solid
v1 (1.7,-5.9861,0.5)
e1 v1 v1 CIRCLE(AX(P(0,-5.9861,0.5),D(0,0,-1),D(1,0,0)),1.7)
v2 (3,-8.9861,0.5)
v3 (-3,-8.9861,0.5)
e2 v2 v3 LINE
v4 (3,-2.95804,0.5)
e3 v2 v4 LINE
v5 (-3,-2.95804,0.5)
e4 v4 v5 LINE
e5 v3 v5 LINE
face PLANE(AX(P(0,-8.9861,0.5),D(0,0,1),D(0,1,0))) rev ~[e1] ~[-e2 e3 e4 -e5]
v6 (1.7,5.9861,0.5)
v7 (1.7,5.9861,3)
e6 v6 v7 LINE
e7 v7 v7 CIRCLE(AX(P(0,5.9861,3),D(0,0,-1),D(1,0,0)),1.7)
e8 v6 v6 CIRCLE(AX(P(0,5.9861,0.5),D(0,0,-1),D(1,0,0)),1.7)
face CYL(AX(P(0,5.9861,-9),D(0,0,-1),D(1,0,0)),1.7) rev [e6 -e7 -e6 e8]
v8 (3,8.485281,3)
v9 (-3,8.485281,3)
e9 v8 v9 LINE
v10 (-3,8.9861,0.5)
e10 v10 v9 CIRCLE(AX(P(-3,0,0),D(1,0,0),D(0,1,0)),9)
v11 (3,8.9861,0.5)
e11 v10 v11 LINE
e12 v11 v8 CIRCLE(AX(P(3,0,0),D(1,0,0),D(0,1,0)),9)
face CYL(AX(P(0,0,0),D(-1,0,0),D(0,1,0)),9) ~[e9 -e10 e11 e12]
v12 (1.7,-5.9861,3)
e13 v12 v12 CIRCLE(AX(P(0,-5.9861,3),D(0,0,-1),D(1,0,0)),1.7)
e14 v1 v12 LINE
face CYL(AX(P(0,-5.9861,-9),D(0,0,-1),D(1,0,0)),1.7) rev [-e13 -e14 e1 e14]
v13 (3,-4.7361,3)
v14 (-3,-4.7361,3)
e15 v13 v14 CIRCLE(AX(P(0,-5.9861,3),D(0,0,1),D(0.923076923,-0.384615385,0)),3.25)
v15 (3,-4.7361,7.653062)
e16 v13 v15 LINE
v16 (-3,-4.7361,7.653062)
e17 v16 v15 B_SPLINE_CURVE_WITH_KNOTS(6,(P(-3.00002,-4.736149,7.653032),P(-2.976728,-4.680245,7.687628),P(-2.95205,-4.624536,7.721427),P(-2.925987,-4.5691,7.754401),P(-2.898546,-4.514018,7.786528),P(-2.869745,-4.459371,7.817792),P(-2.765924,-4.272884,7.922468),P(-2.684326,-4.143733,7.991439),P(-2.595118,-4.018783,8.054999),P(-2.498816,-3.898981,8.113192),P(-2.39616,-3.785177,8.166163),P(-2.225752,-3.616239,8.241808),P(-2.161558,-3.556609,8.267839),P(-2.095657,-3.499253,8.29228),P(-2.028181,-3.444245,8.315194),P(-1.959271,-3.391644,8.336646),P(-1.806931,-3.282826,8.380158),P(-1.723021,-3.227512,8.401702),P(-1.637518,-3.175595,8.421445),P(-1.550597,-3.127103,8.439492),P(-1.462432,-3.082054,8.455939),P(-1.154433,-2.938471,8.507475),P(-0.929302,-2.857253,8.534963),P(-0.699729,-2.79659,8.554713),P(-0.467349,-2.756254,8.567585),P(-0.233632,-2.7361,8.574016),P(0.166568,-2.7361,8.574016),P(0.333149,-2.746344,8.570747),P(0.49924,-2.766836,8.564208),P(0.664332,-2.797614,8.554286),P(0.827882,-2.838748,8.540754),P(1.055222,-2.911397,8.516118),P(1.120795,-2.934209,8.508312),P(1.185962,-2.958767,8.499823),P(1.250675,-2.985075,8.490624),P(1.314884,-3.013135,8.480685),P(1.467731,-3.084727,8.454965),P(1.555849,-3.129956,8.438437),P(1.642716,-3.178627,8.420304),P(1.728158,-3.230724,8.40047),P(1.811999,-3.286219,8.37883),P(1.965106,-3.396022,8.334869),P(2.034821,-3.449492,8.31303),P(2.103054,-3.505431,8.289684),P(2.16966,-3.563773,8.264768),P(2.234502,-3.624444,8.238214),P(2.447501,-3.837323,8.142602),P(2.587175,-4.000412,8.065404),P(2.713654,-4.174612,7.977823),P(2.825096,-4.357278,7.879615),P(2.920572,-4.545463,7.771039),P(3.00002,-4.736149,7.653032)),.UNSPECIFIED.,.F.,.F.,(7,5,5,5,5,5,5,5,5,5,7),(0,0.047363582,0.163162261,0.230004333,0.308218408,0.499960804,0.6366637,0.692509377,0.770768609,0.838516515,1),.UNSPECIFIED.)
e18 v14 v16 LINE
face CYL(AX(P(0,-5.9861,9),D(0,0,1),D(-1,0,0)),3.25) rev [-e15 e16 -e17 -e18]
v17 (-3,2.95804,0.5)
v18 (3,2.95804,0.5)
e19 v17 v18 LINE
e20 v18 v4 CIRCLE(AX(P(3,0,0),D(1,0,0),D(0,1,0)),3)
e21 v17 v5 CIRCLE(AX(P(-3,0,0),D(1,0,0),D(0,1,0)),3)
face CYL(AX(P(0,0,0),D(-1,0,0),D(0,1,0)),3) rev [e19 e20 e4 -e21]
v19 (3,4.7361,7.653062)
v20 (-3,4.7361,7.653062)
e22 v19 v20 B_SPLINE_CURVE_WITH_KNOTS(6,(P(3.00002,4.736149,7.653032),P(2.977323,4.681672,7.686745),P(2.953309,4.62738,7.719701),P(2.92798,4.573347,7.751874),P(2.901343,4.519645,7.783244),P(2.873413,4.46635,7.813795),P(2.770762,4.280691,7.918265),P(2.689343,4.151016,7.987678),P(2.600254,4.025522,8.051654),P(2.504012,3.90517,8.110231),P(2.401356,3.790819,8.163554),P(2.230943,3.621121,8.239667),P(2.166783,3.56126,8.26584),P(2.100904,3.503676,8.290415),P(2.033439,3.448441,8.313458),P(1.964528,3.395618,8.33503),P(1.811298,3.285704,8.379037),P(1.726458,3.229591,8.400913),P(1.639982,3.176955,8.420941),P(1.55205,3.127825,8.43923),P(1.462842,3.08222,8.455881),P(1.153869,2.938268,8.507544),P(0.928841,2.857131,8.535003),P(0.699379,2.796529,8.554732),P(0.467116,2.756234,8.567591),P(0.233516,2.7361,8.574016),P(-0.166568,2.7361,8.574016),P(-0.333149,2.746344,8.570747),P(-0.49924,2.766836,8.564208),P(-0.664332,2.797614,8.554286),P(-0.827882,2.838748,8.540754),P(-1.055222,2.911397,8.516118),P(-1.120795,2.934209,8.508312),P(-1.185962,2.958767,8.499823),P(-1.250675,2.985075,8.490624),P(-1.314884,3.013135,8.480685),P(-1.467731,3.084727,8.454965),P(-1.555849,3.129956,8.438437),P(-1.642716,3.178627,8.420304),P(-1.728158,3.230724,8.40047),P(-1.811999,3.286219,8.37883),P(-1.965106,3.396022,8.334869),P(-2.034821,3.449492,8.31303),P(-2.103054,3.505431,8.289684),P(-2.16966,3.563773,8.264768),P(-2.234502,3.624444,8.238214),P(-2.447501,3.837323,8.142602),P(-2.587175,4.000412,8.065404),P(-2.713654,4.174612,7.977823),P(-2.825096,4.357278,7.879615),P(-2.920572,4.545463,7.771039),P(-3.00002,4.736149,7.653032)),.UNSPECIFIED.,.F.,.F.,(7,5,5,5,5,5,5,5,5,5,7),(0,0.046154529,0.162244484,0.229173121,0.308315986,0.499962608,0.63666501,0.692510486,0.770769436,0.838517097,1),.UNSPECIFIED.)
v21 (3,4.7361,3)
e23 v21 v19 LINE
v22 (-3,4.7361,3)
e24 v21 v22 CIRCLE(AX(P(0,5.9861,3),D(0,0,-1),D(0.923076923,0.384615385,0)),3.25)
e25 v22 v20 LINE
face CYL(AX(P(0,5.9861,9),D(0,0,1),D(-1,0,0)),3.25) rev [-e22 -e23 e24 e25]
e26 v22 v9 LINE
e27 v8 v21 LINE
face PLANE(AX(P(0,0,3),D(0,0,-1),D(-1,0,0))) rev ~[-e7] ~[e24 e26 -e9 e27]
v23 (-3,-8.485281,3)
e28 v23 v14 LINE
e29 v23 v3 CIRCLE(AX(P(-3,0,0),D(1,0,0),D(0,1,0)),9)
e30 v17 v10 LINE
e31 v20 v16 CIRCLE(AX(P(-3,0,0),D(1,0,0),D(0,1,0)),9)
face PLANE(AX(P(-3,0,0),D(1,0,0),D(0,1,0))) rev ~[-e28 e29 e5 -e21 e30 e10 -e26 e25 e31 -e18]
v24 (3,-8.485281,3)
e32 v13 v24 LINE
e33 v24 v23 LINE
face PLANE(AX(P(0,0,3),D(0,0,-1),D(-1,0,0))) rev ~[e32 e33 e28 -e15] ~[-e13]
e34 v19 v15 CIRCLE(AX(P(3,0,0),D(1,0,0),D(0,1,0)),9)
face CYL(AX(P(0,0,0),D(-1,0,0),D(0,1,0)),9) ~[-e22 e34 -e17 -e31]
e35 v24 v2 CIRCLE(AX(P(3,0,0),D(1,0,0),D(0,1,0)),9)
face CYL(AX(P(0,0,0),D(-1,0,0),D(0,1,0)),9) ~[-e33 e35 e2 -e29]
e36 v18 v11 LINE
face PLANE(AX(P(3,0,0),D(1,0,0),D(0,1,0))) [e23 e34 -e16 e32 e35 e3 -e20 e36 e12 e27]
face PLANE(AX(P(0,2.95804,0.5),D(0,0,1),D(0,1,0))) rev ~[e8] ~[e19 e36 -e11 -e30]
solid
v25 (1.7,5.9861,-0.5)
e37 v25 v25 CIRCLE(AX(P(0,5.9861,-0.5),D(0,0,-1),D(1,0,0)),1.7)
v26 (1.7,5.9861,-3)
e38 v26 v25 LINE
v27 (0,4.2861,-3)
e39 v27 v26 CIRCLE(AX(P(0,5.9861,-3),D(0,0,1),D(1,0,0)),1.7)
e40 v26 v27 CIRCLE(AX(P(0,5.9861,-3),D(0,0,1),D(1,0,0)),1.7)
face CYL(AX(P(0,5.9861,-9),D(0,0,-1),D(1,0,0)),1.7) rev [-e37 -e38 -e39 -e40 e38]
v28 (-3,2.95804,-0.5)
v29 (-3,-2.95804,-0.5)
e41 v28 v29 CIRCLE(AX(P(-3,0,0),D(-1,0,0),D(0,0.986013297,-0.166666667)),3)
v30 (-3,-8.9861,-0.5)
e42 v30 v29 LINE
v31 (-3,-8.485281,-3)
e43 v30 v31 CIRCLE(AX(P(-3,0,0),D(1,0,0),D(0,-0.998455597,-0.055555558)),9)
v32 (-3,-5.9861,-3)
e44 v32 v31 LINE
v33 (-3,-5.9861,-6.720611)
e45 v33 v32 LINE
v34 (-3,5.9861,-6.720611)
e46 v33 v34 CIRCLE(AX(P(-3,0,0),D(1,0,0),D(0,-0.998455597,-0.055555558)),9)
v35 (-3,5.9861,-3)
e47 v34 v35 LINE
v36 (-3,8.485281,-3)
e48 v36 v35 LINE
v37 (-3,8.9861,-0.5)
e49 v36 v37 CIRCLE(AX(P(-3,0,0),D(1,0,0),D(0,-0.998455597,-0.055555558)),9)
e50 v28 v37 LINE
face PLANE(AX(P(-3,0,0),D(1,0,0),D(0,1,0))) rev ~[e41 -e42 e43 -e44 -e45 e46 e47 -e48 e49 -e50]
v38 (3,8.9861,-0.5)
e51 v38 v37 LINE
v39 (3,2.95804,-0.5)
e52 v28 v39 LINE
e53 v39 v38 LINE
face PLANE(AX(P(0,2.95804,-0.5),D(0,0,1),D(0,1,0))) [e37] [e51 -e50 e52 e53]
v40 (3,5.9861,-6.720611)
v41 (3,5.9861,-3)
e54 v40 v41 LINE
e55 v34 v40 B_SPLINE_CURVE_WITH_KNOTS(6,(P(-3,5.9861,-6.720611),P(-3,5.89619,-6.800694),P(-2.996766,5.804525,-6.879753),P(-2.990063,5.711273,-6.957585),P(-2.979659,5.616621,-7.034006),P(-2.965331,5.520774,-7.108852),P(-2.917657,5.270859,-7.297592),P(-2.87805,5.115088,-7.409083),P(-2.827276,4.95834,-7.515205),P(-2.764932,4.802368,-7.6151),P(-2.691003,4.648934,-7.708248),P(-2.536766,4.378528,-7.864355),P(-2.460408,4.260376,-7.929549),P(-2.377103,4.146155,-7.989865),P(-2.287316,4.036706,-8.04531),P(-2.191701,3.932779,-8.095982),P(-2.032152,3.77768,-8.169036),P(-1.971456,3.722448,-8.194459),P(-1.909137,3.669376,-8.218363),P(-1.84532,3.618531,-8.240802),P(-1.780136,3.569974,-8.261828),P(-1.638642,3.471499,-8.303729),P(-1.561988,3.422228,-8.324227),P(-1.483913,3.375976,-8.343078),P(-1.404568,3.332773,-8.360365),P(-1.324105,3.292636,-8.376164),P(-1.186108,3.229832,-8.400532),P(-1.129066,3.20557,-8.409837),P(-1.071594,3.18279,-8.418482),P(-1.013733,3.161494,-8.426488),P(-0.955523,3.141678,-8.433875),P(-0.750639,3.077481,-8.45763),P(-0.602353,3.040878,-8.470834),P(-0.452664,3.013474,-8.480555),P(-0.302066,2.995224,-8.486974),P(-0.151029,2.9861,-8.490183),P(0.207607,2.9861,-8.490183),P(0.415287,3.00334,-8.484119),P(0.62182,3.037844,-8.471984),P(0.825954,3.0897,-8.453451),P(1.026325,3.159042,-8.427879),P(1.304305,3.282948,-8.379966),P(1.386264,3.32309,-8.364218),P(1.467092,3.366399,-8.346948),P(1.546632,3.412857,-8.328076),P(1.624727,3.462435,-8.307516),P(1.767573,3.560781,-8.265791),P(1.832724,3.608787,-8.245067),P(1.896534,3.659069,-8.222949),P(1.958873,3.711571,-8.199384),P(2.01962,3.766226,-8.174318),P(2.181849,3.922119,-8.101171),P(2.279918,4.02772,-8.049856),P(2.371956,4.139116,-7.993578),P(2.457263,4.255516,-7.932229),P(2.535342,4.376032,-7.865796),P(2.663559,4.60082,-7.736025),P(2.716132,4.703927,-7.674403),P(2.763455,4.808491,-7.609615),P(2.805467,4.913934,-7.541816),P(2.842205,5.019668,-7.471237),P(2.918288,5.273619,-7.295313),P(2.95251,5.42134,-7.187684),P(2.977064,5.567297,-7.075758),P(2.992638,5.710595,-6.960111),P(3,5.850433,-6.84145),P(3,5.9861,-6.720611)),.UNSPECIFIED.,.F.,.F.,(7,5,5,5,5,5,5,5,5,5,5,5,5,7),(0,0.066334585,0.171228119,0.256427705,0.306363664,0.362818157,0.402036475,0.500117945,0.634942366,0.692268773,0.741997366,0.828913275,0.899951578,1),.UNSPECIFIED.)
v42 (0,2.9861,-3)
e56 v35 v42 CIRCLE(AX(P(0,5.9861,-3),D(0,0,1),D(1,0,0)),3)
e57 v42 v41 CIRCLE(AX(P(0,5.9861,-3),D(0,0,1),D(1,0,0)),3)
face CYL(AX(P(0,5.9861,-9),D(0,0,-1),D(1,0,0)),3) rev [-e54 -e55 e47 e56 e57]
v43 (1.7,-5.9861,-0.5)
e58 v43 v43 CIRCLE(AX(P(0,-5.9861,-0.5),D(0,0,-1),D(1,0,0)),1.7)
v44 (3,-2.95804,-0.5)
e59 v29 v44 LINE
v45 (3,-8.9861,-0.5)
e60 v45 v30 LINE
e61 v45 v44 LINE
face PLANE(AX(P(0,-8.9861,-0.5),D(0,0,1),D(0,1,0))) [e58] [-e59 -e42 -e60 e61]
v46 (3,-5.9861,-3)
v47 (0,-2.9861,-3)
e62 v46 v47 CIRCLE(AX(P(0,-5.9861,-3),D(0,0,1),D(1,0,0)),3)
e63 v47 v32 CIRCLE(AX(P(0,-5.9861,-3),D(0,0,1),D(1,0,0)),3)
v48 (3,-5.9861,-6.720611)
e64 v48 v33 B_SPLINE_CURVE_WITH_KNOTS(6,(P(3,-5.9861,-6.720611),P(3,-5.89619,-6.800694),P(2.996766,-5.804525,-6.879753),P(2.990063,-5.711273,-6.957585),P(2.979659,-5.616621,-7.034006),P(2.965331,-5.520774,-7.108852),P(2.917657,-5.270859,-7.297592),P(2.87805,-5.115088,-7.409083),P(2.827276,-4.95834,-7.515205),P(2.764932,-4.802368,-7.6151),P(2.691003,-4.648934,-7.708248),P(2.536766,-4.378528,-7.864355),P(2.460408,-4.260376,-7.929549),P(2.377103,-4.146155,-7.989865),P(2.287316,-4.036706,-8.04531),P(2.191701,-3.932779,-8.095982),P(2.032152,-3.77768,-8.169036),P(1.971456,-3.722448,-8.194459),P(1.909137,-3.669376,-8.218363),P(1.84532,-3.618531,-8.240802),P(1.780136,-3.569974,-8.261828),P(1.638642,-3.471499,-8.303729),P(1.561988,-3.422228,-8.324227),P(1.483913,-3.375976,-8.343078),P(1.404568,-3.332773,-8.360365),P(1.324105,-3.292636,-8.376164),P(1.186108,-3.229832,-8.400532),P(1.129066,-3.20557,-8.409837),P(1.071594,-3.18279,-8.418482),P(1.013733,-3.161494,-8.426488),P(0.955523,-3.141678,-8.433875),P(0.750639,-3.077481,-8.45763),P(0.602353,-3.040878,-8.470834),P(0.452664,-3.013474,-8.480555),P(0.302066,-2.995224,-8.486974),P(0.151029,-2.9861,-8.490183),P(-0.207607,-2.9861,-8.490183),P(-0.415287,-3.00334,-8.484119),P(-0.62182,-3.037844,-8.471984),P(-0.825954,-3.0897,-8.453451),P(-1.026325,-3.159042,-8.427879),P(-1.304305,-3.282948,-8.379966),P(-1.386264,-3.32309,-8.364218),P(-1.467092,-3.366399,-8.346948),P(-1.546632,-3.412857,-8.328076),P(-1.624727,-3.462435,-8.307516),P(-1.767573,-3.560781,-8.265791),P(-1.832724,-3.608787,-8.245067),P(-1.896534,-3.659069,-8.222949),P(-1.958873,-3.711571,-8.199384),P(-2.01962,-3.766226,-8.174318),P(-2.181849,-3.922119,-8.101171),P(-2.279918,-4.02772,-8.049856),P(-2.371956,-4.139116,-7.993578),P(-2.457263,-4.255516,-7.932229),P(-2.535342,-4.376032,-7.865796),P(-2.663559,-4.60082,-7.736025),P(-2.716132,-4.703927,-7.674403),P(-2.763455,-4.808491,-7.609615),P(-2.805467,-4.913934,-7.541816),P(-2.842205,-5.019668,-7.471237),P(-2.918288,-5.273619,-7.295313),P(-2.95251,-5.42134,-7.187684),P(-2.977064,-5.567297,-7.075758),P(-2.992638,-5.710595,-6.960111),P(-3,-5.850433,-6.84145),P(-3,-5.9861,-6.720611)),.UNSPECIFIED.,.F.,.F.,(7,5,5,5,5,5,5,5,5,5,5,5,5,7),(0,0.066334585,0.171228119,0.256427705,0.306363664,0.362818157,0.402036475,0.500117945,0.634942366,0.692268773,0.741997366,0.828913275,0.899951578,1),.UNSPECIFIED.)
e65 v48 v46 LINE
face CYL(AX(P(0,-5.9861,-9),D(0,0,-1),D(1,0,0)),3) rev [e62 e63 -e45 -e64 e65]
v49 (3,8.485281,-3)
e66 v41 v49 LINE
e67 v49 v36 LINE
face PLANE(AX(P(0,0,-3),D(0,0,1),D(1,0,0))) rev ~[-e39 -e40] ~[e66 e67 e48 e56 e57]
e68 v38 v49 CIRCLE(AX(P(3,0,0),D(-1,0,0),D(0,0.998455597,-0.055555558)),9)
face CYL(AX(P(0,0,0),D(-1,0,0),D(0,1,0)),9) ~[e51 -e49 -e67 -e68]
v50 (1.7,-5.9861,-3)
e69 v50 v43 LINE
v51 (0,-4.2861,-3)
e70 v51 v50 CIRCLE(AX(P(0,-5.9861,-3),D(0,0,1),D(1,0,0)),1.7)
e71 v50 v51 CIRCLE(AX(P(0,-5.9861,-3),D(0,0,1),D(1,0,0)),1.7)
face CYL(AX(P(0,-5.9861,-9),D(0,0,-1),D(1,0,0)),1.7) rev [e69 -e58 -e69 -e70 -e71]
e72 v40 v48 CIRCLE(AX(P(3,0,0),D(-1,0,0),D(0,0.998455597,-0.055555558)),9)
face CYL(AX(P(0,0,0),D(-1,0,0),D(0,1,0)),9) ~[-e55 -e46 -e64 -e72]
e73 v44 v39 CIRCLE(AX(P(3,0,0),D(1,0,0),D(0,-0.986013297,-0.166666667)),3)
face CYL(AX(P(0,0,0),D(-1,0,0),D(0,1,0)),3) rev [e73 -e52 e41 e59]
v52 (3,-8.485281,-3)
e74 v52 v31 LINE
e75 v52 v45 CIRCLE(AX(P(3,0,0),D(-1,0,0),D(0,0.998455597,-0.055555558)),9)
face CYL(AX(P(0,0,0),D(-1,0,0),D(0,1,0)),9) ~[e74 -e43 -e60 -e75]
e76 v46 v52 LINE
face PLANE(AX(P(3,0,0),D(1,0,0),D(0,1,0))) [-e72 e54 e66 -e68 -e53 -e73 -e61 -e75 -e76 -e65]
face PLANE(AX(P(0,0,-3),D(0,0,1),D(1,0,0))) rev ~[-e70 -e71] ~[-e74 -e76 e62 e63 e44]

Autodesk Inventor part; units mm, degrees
ref_plane "YZ Plane" through (0, 0, 0) normal (1, 0, 0) x (0, 1, 0)
sketch "スケッチ1" plane through (0, 0, 0) normal (1, 0, 0) x (0, 1, 0)
  circle A0 centre (0, 0) radius 3
  circle A1 centre (0, 0) radius 9
  line L0 (-8.9861, 0.5) -> (8.9861, 0.5)
  line L1 (0, 0) -> (9, 0)
  line L2 (-8.9861, -0.5) -> (8.9861, -0.5)
  line L3 (0, 0) -> (0, -9)
  line L4 (8.4853, -3) -> (-8.4853, -3)
  point P0 (-2.958, 0.5)
  point P1 (2.958, 0.5)
  point P2 (-2.958, -0.5)
  point P3 (2.958, -0.5)
  dimension "d0" = 6
  dimension "d1" = 18
  dimension "d2" = 0.5
  dimension "d9" = 2.5
extrude "押し出し1" add sketch "スケッチ1" along normal mid plane 6 contours A0 L0 A1 | L2 A1 L4 A0 | L4 A1 L2 A0 | L4 A1 L3 | L3 A1 L4
ref_plane "作業平面1" through (0, 0, -9) normal (0, 0, 1) x (1, 0, 0)
sketch "スケッチ2" plane through (0, 0, -9) normal (0, 0, 1) x (1, 0, 0)
  line L0 (-3, 8.9861) -> (3, 8.9861) projected
  line L1 (0, 0) -> (-3, 0)
  line L2 (-3, 8.9861) -> (-3, -8.9861) projected
  circle A0 centre (0, 5.9861) radius 1.7
  circle A1 centre (0, -5.9861) radius 1.7
  circle A2 centre (0, 5.9861) radius 3
  circle A3 centre (0, -5.9861) radius 3
  line L3 (3, -2.958) -> (3, -8.9861) projected
  line L4 (3, -5.9861) -> (3, -8.9861)
  line L5 (3, -8.9861) -> (0, -8.9861)
  line L6 (-3, -8.9861) -> (3, -8.9861) projected
  line L7 (0, -5.9861) -> (0, 5.9861)
  line L8 (-3, -2.958) -> (-3, -8.9861)
  line L9 (-3, -8.9861) -> (0, -8.9861)
  line L10 (-3, -8.9861) -> (-3, 8.9861)
  line L11 (3, 2.958) -> (3, 8.9861)
  line L12 (3, 8.9861) -> (0, 8.9861)
  line L13 (-3, 8.9861) -> (3, 8.9861)
  point P0 (-3, -5.9861)
  point P1 (3, 5.9861)
  point P2 (0, 8.9861)
  point P3 (-3, 5.9861)
  dimension "d11" = 6
  dimension "d5" = 3
  dimension "d6" = 3.4
  dimension "d10" = 6
extrude "押し出し2" cut sketch "スケッチ2" along normal through all contours A0 | A1
extrude "押し出し3" cut sketch "スケッチ2" along normal blind 6 contours L0 A2 L2 | L0 L11 A2 | A2 | A3 | A3 L6 L2 | L3 L5 A3
ref_plane "作業平面2" through (0, 0, 9) normal (0, 0, -1) x (-1, 0, 0)
sketch "スケッチ3" plane through (0, 0, 9) normal (0, 0, -1) x (-1, 0, 0)
  line L0 (-3, 8.9861) -> (3, 8.9861)
  line L1 (0, 0) -> (-3, 0)
  line L2 (-3, 8.9861) -> (-3, -8.9861)
  circle A0 centre (0, 5.9861) radius 1.7
  circle A1 centre (0, -5.9861) radius 1.7
  circle A2 centre (0, 5.9861) radius 2.5
  circle A3 centre (0, -5.9861) radius 2.5
  circle A4 centre (0, 5.9861) radius 3.25
  circle A5 centre (0, -5.9861) radius 3.25
  line L3 (3, -8.9861) -> (-3, -8.9861) projected
  line L4 (3, -4.7361) -> (3, -8.9861)
  line L5 (3, -8.9861) -> (-3, -8.9861)
  line L6 (-3, -8.9861) -> (-3, -4.7361)
  line L7 (-3, -8.9861) -> (-3, 8.9861)
  line L8 (3, 8.9861) -> (-3, 8.9861)
  line L9 (3, 4.7361) -> (3, 8.9861)
  point P0 (0, 0)
  point P1 (3, 7.2361)
  point P2 (1.25, 8.9861)
  point P3 (-3, 7.2361)
  point P4 (-1.25, 8.9861)
  point P5 (-1.25, -8.9861)
  point P6 (-3, -7.2361)
  point P7 (3, -7.2361)
  point P8 (1.25, -8.9861)
  dimension "d14" = 3
  dimension "d15" = 3.4
  dimension "d16" = 5
  dimension "d17" = 5
  dimension "d18" = 6.5
extrude "押し出し4" cut sketch "スケッチ3" along normal blind 6 contours A5 L4 L3 L2 | L2 A5 | L0 A4 L2 | A4 L0 | L0 A4 L9 L2 | L2 A4 | L0 L9 A4 | A4 L9 | A5 L3 L2 | A5 L4 | L3 A5 | L4 L3 A5 | A2 | A3
properties part number "setcolor-6-18-3d" material "ABS プラスチック"
